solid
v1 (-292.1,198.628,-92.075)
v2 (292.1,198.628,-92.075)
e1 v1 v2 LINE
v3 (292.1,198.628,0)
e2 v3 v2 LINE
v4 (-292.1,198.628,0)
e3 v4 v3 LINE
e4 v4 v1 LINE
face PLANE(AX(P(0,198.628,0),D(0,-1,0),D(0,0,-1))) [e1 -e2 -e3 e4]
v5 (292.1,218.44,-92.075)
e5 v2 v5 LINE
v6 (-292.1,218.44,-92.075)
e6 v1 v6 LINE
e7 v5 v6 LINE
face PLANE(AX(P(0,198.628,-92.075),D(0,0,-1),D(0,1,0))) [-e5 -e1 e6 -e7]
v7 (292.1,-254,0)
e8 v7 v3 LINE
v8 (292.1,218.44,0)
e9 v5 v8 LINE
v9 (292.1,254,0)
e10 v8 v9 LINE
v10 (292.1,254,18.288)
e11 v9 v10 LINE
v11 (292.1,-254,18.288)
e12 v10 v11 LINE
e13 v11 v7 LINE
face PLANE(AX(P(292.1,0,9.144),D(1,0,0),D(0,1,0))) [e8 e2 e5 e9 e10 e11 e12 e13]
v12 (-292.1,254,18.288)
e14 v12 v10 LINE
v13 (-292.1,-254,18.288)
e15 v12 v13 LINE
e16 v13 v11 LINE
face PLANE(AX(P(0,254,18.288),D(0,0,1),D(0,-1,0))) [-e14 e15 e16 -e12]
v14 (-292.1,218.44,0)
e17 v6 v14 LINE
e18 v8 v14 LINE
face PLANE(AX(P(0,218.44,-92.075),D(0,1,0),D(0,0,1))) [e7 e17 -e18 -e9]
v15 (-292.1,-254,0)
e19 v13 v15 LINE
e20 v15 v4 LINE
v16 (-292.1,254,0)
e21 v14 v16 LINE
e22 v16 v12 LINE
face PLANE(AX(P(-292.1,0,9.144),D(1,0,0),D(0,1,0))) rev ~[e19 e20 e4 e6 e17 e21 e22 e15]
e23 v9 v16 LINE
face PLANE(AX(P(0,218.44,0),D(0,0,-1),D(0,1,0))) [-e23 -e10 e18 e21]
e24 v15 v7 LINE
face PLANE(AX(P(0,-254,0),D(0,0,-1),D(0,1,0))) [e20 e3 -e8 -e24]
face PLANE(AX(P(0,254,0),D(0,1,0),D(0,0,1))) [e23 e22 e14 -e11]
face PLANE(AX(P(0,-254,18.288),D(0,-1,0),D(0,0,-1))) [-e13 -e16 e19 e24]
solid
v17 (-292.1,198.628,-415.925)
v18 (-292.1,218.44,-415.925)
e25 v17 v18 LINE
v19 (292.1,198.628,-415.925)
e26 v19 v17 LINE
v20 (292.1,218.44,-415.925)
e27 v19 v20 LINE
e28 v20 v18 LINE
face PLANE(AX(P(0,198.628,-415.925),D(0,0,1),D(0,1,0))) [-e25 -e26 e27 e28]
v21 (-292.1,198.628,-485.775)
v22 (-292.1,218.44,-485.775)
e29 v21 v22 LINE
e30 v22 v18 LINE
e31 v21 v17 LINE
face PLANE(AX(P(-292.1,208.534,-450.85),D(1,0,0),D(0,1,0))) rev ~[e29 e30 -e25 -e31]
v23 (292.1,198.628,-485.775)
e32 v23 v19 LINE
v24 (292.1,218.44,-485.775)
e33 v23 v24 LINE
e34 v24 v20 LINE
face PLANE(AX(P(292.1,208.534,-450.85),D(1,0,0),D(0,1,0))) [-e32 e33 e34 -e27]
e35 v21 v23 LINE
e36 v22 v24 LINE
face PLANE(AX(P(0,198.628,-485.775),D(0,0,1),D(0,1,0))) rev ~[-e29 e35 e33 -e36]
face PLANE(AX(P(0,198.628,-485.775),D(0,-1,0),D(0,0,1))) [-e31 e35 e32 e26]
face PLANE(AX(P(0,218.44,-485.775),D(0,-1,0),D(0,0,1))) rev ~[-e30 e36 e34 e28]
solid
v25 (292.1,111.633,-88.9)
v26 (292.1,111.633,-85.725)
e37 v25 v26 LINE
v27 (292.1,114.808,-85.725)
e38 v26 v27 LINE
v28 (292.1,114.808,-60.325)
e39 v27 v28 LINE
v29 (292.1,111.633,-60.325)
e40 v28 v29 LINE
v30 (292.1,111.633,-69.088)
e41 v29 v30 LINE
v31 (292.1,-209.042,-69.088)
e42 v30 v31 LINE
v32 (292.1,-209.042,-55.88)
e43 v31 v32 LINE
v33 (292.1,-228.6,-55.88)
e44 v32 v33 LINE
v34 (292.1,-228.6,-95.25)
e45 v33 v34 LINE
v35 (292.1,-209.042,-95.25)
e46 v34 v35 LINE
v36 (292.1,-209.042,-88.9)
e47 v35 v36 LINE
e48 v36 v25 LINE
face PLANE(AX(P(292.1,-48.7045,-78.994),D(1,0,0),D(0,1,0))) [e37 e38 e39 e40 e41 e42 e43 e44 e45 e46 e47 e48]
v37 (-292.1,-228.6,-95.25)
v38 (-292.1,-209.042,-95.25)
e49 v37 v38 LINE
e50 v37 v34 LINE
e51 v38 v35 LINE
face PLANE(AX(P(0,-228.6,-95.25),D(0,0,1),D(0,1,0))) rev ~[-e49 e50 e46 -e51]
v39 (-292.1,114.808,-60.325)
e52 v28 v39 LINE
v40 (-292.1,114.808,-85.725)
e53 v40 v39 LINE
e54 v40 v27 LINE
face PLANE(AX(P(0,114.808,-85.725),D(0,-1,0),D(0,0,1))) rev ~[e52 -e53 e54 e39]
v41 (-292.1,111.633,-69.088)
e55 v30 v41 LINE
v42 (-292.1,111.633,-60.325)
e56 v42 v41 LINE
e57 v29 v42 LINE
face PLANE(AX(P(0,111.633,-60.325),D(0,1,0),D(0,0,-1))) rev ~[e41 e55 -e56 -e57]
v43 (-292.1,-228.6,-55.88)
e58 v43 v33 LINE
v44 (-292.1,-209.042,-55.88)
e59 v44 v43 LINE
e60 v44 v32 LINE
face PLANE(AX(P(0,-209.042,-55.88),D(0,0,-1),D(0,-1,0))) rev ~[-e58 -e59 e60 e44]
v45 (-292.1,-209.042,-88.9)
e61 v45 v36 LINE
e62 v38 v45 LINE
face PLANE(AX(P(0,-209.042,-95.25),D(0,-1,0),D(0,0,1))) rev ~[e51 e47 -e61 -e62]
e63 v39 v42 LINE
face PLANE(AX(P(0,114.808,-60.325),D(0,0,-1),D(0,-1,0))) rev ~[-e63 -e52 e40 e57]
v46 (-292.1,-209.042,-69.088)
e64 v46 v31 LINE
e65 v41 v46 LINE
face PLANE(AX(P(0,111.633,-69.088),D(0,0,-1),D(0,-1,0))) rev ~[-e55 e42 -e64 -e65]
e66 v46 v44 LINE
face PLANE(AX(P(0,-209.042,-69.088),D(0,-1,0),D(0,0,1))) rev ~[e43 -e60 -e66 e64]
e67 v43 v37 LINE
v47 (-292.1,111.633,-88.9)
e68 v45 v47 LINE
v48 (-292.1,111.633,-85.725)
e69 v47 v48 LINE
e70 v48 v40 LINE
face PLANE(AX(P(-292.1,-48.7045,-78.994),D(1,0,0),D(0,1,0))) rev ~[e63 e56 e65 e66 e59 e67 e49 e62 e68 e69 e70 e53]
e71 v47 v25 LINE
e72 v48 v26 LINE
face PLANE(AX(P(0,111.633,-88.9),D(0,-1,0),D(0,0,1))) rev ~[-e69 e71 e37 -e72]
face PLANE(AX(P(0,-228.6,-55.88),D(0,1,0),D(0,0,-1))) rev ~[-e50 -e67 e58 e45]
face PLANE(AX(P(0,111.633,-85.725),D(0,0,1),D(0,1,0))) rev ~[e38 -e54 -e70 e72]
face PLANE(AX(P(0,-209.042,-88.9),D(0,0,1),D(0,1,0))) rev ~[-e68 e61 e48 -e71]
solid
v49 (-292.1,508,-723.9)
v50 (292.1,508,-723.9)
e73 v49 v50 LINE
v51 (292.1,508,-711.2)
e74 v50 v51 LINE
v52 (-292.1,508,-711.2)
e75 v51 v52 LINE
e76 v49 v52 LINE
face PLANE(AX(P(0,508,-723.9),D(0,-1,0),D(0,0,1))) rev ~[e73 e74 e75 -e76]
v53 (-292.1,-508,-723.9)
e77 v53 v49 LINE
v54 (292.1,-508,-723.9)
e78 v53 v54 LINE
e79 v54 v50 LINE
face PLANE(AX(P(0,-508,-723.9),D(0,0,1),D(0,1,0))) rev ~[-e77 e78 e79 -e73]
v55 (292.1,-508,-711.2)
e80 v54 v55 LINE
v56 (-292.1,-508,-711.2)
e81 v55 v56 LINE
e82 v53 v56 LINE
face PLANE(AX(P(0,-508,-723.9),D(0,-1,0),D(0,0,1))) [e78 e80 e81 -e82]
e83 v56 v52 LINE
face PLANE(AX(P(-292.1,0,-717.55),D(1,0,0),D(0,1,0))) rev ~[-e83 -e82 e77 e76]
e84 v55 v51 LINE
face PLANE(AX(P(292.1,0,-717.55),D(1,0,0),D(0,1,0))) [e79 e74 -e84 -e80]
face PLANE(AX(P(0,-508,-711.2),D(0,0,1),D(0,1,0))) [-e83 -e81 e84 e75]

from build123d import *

# Parameters (mm, degrees)
F0_W     = 19.812
F0_H     = 69.85
F0_W_2   = 1016
F0_H_2   = 12.7
F1_DEPTH = 292.1


with BuildPart() as f1:
    # F0 (on Right) → F1 (new body, symmetric)
    with BuildSketch(Plane.YZ):
        with Locations((208.534, -450.85)):
            Rectangle(F0_W, F0_H)
        Polygon((111.633, -85.725), (111.633, -69.088), (-209.042, -69.088), (-209.042, -88.9), (111.633, -88.9), align=None)
        with Locations((0, -717.55)):
            Rectangle(F0_W_2, F0_H_2)
        Polygon((218.44, 0), (254, 0), (254, 18.288), (-254, 18.288), (-254, 0), (198.628, 0), align=None)
        Polygon((218.44, -92.075), (218.44, 0), (198.628, 0), (198.628, -8.89), (198.628, -69.215), (198.628, -92.075), align=None)
        Polygon((-209.042, -88.9), (-209.042, -69.088), (-209.042, -55.88), (-228.6, -55.88), (-228.6, -95.25), (-209.042, -95.25), align=None)
        Polygon((111.633, -60.325), (111.633, -69.088), (111.633, -85.725), (114.808, -85.725), (114.808, -60.325), align=None)
    extrude(amount=F1_DEPTH, both=True)


solid = f1.part
